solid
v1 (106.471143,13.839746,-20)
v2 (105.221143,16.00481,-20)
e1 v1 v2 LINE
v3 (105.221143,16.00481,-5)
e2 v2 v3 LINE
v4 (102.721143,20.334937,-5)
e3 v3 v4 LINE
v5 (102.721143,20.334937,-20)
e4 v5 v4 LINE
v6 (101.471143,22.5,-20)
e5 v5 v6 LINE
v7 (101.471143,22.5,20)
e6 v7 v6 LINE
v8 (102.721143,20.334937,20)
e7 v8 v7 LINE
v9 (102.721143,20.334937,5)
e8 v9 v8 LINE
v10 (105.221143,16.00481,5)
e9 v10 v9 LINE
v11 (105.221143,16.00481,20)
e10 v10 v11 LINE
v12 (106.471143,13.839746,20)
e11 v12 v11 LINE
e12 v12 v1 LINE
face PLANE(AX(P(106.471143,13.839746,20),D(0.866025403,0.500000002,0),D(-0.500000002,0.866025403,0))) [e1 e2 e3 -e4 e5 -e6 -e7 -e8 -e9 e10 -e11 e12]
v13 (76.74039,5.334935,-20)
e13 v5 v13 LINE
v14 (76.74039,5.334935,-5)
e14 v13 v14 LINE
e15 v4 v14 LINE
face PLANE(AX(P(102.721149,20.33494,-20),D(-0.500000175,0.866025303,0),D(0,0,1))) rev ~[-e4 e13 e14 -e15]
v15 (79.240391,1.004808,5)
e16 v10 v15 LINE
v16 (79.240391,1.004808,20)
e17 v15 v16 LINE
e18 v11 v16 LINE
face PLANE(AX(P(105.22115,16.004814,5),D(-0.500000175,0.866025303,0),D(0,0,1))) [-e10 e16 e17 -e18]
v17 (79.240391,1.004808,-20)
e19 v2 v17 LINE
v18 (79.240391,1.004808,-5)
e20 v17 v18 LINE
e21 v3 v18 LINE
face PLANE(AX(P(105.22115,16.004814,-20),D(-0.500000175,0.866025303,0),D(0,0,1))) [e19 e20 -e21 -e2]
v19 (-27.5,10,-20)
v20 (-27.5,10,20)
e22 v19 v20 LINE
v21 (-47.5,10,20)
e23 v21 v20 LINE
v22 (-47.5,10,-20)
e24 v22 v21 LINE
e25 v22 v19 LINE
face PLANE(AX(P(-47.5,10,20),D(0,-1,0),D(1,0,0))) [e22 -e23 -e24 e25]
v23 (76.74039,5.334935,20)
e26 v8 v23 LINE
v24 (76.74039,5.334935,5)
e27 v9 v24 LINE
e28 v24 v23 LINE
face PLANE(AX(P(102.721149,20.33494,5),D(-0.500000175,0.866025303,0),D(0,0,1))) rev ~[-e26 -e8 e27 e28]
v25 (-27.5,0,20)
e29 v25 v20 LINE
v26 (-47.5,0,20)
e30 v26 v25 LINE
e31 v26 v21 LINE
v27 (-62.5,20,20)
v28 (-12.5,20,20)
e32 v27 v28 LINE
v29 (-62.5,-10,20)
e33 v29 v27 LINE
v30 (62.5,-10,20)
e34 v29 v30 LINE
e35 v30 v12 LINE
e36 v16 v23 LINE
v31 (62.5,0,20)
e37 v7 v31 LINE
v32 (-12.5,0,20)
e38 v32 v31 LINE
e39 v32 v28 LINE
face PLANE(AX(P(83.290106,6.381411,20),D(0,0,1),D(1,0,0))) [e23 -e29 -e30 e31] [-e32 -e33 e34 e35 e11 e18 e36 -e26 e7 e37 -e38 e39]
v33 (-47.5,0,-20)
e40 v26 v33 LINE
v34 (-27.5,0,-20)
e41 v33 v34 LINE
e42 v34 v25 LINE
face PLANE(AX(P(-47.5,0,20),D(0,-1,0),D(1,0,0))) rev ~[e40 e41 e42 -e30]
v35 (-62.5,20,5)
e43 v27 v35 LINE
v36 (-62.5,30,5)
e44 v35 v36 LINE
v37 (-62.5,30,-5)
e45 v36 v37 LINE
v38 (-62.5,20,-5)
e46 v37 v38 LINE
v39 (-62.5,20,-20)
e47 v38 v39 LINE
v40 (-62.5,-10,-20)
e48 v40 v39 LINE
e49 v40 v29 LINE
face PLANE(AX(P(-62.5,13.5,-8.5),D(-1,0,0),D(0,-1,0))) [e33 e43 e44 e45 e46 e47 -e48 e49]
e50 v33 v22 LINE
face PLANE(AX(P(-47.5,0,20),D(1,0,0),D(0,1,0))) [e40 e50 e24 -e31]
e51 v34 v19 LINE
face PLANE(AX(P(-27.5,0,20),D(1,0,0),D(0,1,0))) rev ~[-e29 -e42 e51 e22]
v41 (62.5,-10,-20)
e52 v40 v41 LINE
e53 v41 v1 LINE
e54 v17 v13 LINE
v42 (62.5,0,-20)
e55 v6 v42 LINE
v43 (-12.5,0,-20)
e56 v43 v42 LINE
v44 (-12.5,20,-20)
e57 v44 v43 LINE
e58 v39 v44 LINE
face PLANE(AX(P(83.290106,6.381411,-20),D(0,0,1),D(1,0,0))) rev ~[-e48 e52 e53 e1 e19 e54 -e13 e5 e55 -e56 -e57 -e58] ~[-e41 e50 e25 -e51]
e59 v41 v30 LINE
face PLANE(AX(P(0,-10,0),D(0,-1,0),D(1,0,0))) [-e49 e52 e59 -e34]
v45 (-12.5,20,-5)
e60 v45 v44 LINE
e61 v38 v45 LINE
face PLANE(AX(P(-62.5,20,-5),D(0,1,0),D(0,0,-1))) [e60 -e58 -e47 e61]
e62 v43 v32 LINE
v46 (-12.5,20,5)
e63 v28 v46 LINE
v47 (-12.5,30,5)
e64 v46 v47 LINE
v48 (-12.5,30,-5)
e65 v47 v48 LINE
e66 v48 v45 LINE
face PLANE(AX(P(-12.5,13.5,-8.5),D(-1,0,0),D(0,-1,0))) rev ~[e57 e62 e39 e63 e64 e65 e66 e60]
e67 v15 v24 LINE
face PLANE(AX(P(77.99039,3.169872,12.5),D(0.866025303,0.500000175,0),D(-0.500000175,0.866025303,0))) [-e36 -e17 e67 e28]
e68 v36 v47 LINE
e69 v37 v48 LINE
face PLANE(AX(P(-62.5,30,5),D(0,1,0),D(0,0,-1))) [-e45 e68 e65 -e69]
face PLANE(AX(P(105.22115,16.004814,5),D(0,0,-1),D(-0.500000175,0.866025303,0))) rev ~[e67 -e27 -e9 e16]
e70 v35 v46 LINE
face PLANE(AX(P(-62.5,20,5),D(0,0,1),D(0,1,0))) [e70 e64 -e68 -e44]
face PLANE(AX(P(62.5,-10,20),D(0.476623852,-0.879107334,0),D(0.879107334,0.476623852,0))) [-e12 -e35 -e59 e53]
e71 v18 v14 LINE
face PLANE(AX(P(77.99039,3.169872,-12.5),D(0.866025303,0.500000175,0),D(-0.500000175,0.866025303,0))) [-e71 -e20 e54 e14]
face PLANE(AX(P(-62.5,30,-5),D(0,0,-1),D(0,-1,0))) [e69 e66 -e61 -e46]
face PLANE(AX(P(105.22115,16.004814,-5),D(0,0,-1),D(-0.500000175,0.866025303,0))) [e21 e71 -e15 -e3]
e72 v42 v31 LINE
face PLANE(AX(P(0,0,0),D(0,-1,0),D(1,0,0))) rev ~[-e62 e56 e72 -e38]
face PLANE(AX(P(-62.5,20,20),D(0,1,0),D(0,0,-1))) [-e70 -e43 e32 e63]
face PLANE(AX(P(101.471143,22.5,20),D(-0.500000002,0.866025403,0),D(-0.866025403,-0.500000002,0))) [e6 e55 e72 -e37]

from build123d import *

# Parameters (mm, degrees)
F0_W          = 125
F0_H          = 40
F1_DEPTH      = 10
F3_DEPTH      = 50
F4_W          = 20
F4_H          = 10
F5_DEPTH      = 40
F5_DEPTH_BACK = 25
F7_DEPTH      = 40
F8_W          = 5
F8_H          = 15
F9_DEPTH      = 30


with BuildPart() as f1:
    # F0 (on Front) → F1 (new body)
    with BuildSketch(Plane.XZ):
        Rectangle(F0_W, F0_H)
    extrude(amount=F1_DEPTH)

    # F2 (on face) → F3 (join)
    with BuildSketch(Plane(origin=(-62.5, 0, 0), x_dir=(0, -1, 0), z_dir=(-1, 0, 0))):
        Polygon((-20, -20), (0, -20), (0, 0), (-30, 0), (-30, -5), (-20, -5), align=None)
        Polygon((-30, 0), (0, 0), (0, 20), (-20, 20), (-20, 5), (-30, 5), align=None)
    extrude(amount=-F3_DEPTH)

    # F4 (on face) → F5 (cut, two sides)
    with BuildSketch(Plane.XY.offset(20)) as f5_sk:
        with Locations((-37.5, 5)):
            Rectangle(F4_W, F4_H)
    extrude(amount=-F5_DEPTH, mode=Mode.SUBTRACT)
    extrude(f5_sk.sketch, amount=-F5_DEPTH_BACK, mode=Mode.SUBTRACT)

    # F6 (on face) → F7 (join)
    with BuildSketch(Plane.XY.offset(20)):
        Polygon((101.471143, 22.5), (62.5, 0), (62.5, -10), (106.471143, 13.839746), align=None)
    extrude(amount=-F7_DEPTH)

    # F8 (on face) → F9 (cut)
    with BuildSketch(Plane(origin=(85.846143, 49.563294, 0), x_dir=(-0.5, 0.866025, 0), z_dir=(0.866025, 0.5, 0))):
        with Locations((-36.25, -12.5)):
            Rectangle(F8_W, F8_H)
        with Locations((-36.25, 12.5)):
            Rectangle(F8_W, F8_H)
    extrude(amount=-F9_DEPTH, mode=Mode.SUBTRACT)


solid = f1.part
